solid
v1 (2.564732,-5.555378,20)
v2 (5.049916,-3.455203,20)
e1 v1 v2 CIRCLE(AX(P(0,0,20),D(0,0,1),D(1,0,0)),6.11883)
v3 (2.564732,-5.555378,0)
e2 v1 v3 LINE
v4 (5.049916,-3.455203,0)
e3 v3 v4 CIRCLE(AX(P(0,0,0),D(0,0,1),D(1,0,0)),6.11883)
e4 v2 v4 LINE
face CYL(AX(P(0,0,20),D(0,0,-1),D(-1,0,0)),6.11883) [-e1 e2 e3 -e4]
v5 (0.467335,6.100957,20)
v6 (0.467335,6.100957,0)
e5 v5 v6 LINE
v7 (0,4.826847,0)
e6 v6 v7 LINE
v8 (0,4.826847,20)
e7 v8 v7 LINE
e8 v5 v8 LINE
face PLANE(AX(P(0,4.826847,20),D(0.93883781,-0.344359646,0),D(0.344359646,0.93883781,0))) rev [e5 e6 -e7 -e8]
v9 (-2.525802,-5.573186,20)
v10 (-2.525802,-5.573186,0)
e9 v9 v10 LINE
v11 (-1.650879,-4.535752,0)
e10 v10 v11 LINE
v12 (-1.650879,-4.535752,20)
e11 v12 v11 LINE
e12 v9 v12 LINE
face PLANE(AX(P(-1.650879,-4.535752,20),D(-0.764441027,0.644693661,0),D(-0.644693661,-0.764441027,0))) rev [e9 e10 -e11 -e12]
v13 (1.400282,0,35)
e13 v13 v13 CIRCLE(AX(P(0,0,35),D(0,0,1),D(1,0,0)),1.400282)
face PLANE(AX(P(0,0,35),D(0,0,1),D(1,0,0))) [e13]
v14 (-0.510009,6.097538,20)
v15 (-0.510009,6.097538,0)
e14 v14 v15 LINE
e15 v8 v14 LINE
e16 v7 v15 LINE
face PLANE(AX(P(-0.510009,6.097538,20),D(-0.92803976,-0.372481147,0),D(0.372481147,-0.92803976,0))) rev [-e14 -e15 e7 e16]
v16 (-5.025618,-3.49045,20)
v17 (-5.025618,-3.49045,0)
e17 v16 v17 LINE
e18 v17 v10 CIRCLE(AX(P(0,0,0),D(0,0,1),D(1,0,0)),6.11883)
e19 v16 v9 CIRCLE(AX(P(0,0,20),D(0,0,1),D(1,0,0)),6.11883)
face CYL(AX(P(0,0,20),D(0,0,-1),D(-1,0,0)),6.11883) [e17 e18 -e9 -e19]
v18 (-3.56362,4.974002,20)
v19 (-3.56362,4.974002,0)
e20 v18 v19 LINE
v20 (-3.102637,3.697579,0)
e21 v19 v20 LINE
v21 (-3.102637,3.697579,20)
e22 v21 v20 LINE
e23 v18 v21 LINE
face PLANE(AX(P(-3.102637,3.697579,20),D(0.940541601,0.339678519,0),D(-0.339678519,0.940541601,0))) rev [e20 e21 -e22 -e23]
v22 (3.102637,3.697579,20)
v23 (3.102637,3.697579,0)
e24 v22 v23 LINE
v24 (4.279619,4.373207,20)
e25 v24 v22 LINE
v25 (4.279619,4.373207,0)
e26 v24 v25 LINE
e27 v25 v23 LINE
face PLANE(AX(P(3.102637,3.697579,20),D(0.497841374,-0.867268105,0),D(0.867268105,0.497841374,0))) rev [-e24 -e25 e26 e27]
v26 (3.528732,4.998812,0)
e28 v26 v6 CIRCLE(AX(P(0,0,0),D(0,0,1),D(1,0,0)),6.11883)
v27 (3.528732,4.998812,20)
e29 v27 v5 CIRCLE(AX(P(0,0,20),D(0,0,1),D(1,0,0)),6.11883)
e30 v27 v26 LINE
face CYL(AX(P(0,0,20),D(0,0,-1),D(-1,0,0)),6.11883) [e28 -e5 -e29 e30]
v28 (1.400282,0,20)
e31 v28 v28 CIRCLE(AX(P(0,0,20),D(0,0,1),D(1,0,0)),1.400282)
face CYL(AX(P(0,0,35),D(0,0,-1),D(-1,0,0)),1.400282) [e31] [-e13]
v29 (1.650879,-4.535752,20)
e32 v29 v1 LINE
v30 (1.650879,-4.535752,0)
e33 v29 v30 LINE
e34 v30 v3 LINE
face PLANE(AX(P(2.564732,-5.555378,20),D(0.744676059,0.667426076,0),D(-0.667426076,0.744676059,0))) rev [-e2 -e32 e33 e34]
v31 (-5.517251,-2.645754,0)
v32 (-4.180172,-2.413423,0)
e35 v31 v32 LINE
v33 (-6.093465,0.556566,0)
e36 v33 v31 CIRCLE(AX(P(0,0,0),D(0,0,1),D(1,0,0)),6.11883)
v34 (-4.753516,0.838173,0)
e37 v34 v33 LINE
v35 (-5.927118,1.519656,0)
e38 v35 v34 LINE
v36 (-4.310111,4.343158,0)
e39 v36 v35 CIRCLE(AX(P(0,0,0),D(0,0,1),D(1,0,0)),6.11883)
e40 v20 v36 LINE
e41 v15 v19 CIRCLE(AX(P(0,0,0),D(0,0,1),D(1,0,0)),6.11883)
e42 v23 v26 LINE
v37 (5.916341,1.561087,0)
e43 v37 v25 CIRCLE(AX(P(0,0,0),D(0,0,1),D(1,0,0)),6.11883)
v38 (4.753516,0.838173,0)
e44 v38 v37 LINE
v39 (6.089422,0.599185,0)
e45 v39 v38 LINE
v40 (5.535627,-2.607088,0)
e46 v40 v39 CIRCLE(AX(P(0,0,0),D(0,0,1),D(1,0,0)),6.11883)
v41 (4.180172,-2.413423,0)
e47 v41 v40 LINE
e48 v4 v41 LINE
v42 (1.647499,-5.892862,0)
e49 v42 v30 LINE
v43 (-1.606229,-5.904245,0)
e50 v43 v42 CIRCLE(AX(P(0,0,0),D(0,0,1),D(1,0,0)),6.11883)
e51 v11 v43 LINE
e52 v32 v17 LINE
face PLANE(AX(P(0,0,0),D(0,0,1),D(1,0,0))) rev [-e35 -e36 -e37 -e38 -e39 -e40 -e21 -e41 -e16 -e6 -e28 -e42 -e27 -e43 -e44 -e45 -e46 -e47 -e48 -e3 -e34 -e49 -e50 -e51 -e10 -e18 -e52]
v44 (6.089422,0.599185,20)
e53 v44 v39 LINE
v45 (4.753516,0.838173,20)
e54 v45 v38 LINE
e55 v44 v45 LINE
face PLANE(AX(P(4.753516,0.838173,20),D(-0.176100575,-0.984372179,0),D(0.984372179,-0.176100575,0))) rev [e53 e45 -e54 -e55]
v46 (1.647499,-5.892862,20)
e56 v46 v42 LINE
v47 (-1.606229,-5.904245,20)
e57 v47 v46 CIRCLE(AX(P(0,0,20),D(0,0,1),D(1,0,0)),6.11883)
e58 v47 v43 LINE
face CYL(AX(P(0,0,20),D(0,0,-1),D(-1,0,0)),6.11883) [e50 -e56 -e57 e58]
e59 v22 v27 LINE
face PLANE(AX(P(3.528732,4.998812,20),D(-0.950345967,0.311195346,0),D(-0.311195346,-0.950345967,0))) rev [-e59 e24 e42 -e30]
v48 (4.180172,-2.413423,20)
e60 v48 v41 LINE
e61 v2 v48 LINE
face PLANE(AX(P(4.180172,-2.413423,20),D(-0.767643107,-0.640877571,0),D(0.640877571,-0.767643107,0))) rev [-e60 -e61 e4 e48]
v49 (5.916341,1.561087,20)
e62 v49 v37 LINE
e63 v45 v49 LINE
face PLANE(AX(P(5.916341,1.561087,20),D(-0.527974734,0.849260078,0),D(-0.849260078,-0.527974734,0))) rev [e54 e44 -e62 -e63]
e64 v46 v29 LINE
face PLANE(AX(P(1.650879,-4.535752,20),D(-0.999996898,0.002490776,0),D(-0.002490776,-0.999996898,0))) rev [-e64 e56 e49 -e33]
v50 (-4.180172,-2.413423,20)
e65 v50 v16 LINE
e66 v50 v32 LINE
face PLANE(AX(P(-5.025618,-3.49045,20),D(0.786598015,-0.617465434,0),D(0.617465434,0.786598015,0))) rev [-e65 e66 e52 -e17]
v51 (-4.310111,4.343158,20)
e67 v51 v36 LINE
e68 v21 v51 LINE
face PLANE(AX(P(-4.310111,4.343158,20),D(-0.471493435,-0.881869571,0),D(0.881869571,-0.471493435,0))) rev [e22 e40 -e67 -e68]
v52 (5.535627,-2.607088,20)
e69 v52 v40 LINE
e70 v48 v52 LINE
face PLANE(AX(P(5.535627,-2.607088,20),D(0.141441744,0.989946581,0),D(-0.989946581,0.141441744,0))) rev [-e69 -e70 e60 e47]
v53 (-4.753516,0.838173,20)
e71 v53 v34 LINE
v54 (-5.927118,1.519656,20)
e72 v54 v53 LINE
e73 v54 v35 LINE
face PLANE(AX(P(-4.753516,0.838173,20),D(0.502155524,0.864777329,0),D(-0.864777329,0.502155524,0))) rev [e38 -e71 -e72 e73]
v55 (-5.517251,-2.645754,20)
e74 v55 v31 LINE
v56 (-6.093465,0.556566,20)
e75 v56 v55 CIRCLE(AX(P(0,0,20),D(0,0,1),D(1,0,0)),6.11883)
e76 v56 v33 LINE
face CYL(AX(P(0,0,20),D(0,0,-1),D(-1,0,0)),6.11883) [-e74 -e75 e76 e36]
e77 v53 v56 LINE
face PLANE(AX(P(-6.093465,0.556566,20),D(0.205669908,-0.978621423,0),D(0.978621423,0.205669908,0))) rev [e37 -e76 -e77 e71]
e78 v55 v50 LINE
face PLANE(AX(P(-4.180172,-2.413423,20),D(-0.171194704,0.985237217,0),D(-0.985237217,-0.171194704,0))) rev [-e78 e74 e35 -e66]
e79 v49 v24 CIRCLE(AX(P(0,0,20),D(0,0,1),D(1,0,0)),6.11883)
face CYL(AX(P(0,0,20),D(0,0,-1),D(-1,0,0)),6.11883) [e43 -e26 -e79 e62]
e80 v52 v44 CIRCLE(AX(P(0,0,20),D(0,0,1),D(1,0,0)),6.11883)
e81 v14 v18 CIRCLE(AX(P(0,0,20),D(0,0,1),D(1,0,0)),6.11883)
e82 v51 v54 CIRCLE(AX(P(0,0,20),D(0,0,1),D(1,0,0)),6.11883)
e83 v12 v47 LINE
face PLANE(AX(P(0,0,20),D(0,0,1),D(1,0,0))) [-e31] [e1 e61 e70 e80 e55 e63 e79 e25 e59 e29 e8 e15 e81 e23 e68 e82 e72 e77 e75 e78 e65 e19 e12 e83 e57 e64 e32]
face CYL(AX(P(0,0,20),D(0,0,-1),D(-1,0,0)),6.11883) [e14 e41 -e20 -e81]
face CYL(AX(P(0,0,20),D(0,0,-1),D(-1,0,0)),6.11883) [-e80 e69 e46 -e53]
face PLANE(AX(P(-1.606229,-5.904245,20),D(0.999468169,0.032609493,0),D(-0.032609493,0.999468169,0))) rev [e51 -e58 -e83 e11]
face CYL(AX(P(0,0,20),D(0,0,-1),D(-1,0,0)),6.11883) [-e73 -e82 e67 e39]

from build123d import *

# Parameters (mm, degrees)
BOSS_EXTRUDE1_DEPTH = 20
SKETCH2_R           = 1.400281721
BOSS_EXTRUDE3_DEPTH = 15


with BuildPart() as part:
    # Sketch1 → Boss-Extrude1 (new body)
    with BuildSketch(Plane.XY):
        with BuildLine():
            Line((3.102637299, 3.697579148), (4.279619218, 4.373206779))
            ThreePointArc((4.279619218, 4.373206779), (5.288327072, 3.077933555), (5.916340543, 1.561087044))
            Line((5.916340543, 1.561087044), (4.753516124, 0.838173146))
            Line((4.753516124, 0.838173146), (6.089421653, 0.599184544))
            ThreePointArc((6.089421653, 0.599184544), (6.029551119, -1.041437222), (5.535627206, -2.607088341))
            Line((5.535627206, -2.607088341), (4.180171925, -2.413423386))
            Line((4.180171925, -2.413423386), (5.04991602, -3.455202798))
            ThreePointArc((5.04991602, -3.455202798), (3.949481187, -4.673507948), (2.564732378, -5.555378116))
            Line((2.564732378, -5.555378116), (1.650878825, -4.535752294))
            Line((1.650878825, -4.535752294), (1.647498557, -5.892862351))
            ThreePointArc((1.647498557, -5.892862351), (0.021405114, -6.118792365), (-1.606229234, -5.90424473))
            Line((-1.606229234, -5.90424473), (-1.650878825, -4.535752294))
            Line((-1.650878825, -4.535752294), (-2.52580179, -5.573186118))
            ThreePointArc((-2.52580179, -5.573186118), (-3.91668665, -4.701025832), (-5.025618336, -3.490449616))
            Line((-5.025618336, -3.490449616), (-4.180171925, -2.413423386))
            Line((-4.180171925, -2.413423386), (-5.517251408, -2.645754161))
            ThreePointArc((-5.517251408, -2.645754161), (-6.022117201, -1.083597066), (-6.093464765, 0.556565665))
            Line((-6.093464765, 0.556565665), (-4.753516124, 0.838173146))
            Line((-4.753516124, 0.838173146), (-5.927117776, 1.519655572))
            ThreePointArc((-5.927117776, 1.519655572), (-5.309732185, 3.04085881), (-4.310111309, 4.343157686))
            Line((-4.310111309, 4.343157686), (-3.102637299, 3.697579148))
            Line((-3.102637299, 3.697579148), (-3.563619863, 4.974001574))
            ThreePointArc((-3.563619863, 4.974001574), (-2.112864469, 5.742463053), (-0.51000887, 6.097537957))
            Line((-0.51000887, 6.097537957), (0, 4.826846773))
            Line((0, 4.826846773), (0.467335389, 6.100956959))
            ThreePointArc((0.467335389, 6.100956959), (2.072636014, 5.757105014), (3.528732387, 4.998812451))
            Line((3.528732387, 4.998812451), (3.102637299, 3.697579148))
        make_face()
    extrude(amount=BOSS_EXTRUDE1_DEPTH)

    # Sketch2 → Boss-Extrude3 (add)
    with BuildSketch(Plane.XY.offset(20)):
        Circle(SKETCH2_R)
    extrude(amount=BOSS_EXTRUDE3_DEPTH)


solid = part.part
